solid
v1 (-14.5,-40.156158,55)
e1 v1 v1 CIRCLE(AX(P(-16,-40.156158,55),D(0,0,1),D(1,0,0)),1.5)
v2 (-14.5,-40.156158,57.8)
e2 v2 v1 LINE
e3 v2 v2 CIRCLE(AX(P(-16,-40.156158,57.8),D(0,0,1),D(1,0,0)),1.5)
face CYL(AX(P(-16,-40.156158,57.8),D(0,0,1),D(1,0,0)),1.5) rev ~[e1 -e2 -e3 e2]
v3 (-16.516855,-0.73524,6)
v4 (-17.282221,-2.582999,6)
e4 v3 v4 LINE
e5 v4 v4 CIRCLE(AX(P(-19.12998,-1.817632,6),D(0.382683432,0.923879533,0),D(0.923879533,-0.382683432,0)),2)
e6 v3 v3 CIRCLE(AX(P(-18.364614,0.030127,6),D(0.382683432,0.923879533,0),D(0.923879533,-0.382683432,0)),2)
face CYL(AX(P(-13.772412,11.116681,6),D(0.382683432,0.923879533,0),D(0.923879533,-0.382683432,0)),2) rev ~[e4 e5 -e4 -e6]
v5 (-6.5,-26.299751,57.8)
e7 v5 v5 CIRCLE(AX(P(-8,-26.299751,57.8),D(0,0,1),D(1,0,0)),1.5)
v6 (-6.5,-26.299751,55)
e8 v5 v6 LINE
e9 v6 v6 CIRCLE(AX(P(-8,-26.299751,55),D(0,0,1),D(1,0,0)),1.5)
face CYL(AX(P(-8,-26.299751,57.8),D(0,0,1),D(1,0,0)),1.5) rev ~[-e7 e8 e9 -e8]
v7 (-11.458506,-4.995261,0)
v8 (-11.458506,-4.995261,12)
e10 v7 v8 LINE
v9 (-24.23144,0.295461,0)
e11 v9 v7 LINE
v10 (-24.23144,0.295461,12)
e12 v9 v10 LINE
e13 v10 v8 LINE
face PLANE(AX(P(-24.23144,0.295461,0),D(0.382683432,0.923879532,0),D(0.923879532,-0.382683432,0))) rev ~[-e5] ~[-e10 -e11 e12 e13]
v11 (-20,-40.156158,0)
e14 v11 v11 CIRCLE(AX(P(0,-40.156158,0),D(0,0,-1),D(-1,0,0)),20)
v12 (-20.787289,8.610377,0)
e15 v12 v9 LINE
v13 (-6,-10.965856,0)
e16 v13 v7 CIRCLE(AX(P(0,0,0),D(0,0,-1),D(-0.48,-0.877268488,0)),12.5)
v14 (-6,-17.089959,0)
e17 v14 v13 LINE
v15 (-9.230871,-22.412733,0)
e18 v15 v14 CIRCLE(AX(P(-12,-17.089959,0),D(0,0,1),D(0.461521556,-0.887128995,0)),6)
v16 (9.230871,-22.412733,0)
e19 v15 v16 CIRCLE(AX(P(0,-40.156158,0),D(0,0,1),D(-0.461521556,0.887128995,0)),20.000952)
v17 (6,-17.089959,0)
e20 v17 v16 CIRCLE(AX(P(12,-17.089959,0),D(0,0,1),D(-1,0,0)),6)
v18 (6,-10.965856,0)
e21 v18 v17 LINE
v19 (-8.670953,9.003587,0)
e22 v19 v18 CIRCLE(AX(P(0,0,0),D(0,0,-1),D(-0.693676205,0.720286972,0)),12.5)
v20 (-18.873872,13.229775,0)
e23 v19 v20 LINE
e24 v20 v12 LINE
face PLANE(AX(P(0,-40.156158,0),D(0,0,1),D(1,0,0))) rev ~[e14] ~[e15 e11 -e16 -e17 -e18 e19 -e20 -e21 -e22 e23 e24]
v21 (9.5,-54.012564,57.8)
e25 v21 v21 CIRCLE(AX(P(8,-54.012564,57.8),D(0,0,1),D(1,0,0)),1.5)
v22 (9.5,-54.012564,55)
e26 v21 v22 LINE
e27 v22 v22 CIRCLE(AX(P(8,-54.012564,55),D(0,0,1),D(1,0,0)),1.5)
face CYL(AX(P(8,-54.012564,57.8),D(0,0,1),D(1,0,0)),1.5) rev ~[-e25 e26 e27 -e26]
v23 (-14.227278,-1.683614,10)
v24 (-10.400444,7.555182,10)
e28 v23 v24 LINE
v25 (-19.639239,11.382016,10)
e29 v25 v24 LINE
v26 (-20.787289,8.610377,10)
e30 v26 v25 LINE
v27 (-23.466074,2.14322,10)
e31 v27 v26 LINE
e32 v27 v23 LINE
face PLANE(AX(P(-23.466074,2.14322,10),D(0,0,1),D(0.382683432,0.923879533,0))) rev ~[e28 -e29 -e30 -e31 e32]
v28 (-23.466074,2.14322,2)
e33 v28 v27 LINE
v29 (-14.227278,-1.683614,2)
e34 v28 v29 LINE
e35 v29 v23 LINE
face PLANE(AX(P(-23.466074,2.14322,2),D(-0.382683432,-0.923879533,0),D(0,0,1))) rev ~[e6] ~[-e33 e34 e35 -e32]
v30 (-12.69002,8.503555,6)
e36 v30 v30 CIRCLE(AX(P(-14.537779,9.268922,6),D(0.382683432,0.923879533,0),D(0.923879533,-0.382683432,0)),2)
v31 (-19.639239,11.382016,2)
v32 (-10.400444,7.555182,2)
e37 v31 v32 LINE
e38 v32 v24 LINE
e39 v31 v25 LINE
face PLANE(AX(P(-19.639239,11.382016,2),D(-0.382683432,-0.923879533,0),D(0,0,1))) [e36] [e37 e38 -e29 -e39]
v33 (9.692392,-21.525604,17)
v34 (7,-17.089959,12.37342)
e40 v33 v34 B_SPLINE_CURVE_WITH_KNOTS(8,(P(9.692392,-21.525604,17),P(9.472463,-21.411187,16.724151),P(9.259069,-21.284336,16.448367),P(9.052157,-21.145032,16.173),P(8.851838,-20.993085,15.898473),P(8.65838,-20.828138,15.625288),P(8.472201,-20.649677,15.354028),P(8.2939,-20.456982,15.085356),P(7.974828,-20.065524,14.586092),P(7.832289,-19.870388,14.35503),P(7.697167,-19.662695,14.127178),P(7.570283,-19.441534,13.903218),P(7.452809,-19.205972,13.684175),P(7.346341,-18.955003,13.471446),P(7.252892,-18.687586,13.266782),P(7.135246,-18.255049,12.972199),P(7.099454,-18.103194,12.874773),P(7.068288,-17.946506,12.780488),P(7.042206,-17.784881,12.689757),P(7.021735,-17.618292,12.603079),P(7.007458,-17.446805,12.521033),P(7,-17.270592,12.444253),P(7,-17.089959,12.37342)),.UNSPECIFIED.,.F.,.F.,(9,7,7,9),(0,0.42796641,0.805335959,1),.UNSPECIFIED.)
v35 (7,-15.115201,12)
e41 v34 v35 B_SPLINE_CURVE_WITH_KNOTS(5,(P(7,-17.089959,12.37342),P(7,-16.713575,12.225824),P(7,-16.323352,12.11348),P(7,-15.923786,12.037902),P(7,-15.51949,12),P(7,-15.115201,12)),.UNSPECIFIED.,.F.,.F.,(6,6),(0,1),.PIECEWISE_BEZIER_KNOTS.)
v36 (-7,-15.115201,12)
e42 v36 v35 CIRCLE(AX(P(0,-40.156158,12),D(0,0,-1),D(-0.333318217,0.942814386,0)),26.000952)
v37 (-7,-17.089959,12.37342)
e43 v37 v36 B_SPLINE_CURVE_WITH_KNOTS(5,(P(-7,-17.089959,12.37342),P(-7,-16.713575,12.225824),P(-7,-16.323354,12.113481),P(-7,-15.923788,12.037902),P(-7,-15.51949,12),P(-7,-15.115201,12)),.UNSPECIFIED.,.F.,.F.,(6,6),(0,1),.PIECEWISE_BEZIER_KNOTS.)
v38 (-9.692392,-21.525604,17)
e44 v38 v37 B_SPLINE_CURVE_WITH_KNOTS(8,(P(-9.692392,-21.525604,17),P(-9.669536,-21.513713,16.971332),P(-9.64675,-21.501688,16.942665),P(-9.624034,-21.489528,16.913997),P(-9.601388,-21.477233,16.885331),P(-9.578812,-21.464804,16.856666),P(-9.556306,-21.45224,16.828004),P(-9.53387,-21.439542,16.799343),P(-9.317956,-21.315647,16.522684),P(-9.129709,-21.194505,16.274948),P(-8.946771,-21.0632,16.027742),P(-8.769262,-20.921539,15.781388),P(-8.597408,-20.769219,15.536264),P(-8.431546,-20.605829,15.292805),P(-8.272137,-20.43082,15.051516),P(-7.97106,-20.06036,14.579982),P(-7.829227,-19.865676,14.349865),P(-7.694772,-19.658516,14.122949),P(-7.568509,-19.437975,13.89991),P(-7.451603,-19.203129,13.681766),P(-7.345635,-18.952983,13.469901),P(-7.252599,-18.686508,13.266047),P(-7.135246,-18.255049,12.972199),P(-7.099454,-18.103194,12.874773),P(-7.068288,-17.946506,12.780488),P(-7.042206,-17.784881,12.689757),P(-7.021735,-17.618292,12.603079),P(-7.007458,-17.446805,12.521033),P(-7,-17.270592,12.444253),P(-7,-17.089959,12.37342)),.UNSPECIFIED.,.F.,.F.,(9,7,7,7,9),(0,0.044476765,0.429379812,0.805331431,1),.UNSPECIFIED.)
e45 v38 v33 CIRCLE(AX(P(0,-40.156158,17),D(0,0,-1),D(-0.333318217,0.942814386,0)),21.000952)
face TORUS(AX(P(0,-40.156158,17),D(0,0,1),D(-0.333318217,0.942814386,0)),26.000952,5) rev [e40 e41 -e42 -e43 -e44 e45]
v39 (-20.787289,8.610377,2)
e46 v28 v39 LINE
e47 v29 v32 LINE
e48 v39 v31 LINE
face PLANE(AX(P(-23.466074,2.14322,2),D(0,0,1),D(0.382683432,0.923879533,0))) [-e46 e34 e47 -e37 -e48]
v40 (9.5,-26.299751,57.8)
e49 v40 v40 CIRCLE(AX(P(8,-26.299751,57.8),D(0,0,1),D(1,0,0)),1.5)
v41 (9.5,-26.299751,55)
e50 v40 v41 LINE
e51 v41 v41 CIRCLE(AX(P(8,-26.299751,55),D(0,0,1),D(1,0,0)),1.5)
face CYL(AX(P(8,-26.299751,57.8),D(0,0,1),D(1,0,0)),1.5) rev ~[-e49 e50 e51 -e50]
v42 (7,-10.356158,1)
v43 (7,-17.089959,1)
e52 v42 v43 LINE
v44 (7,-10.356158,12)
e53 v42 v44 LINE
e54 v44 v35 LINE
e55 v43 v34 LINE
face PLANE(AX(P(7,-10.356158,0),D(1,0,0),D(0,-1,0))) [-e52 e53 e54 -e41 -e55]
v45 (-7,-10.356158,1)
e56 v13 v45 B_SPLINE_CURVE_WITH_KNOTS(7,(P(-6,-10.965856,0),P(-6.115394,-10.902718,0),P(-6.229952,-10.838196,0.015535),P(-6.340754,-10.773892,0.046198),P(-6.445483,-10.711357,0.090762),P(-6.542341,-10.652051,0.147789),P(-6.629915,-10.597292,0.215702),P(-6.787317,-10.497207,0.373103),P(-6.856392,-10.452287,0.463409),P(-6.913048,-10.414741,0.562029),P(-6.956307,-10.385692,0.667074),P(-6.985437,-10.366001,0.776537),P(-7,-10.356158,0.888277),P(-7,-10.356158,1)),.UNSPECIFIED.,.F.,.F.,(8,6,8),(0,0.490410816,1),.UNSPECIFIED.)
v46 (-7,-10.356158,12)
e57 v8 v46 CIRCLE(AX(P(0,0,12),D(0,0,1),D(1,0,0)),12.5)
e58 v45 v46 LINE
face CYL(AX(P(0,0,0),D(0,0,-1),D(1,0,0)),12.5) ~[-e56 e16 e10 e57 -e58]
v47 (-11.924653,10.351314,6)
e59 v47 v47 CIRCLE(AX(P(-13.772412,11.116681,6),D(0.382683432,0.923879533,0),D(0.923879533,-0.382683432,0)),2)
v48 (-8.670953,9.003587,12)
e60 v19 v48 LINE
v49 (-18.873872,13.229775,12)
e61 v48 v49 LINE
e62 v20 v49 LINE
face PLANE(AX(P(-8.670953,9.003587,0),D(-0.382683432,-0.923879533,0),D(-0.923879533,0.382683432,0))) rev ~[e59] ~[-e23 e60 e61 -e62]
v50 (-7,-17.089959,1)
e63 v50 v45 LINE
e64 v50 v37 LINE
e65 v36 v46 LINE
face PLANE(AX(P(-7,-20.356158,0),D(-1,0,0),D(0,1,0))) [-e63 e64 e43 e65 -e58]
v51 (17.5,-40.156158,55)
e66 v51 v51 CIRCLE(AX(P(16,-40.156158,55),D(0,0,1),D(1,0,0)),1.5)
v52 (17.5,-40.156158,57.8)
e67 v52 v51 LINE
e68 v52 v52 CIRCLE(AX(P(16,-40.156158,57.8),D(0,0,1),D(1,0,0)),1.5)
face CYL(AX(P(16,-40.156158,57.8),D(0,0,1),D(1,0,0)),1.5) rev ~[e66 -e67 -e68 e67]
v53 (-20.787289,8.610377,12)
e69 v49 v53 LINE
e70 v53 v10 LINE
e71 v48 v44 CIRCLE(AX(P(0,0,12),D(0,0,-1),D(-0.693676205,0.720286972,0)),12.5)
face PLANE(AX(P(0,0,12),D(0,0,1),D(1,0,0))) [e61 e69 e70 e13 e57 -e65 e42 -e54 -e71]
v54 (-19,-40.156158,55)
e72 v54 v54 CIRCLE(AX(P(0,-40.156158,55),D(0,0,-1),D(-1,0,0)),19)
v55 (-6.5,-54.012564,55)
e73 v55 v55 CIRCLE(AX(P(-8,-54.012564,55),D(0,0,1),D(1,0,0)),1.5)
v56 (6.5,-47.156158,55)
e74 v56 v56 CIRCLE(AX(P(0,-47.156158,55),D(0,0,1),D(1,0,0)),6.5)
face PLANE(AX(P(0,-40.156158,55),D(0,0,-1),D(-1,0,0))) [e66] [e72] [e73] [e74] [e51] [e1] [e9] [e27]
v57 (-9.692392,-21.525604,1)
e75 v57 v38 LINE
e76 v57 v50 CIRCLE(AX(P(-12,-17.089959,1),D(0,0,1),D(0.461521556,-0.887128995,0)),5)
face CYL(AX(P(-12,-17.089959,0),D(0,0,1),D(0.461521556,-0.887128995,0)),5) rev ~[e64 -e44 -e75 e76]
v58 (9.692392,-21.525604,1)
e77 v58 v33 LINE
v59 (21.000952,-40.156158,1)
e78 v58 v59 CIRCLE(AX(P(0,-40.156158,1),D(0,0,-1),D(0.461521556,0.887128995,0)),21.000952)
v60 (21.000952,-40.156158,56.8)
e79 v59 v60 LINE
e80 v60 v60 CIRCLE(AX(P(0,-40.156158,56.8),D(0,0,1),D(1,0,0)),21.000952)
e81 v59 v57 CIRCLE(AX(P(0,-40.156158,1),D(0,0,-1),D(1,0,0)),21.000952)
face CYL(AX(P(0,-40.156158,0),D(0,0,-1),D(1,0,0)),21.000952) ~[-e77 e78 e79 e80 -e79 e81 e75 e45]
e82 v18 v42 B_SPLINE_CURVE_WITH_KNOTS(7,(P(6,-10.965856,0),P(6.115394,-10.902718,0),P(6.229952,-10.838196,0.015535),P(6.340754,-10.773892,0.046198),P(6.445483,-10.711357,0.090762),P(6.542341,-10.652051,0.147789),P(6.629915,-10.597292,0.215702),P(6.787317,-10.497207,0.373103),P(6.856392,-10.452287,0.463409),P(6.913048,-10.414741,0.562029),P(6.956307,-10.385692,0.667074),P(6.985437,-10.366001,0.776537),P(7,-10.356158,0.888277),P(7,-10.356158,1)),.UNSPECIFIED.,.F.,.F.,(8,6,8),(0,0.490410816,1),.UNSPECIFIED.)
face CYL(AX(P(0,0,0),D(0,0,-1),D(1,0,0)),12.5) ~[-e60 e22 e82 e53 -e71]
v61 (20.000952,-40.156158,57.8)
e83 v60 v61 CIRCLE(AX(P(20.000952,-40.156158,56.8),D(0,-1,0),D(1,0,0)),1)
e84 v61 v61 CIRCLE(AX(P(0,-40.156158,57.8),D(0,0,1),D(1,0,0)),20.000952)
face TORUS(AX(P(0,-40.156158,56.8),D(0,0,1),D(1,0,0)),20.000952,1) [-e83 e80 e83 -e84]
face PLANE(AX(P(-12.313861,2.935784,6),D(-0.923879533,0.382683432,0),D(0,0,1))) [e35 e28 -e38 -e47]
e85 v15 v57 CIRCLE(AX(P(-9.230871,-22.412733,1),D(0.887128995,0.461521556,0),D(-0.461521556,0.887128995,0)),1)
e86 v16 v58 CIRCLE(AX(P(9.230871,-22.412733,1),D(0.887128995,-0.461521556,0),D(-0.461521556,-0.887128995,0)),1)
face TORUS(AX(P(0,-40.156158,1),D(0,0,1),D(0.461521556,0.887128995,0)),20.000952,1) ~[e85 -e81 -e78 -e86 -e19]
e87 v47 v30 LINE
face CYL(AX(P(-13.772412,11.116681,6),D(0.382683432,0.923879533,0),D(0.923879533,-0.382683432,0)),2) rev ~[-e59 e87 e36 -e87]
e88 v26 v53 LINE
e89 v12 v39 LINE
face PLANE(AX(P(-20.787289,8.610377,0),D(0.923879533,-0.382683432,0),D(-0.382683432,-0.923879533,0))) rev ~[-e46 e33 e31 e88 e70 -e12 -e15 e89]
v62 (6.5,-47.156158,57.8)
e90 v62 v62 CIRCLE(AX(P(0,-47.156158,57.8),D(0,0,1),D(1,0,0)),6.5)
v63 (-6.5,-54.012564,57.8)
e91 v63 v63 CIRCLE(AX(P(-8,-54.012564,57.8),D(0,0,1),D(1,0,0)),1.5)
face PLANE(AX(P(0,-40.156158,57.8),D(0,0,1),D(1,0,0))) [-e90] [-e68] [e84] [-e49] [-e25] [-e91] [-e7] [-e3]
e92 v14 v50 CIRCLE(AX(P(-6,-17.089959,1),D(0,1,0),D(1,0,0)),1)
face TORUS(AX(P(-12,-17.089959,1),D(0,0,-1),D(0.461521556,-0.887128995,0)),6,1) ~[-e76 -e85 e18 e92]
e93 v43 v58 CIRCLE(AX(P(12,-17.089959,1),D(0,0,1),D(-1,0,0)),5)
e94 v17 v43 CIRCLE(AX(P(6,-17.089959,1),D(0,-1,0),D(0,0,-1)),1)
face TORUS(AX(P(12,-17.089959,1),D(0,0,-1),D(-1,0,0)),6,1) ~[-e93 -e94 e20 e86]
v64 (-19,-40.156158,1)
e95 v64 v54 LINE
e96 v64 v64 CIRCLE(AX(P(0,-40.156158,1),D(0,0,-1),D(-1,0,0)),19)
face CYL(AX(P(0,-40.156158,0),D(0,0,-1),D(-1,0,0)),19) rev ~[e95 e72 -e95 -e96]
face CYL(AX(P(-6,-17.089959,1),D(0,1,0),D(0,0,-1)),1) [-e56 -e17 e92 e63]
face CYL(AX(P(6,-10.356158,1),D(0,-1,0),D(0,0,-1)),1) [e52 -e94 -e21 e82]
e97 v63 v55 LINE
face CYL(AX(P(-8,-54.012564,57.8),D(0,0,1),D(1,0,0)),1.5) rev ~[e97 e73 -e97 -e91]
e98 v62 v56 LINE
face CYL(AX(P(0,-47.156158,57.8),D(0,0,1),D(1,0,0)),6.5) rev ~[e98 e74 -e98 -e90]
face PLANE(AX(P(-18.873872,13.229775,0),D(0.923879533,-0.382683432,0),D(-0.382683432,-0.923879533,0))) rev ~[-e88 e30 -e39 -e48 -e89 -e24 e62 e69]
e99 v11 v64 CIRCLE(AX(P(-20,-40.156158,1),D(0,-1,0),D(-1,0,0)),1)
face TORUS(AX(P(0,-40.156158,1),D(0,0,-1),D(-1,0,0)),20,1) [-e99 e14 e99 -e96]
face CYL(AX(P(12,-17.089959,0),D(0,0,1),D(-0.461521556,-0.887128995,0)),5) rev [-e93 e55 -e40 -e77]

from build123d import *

# Parameters (mm, degrees)
SKETCH1_R           = 12.5
BOSS_EXTRUDE2_DEPTH = 12
BOSS_EXTRUDE3_DEPTH = 12
SKETCH5_R           = 21.000952359
BOSS_EXTRUDE4_DEPTH = 57.8
SKETCH6_R           = 19
CUT_EXTRUDE3_DEPTH  = 55
SKETCH7_R           = 6.5
SKETCH7_R_2         = 1.5
CUT_EXTRUDE4_DEPTH  = 58.8
FILLET1_R           = 5
FILLET2_R           = 1
SKETCH8_W           = 8
SKETCH8_H           = 10
CUT_EXTRUDE5_DEPTH  = 10
SKETCH9_R           = 2
CUT_EXTRUDE6_DEPTH  = 71.774772921


with BuildPart() as part:
    # Sketch1 → Boss-Extrude2 (new body)
    with BuildSketch(Plane.XY):
        Circle(SKETCH1_R)
    extrude(amount=BOSS_EXTRUDE2_DEPTH)

    # Sketch2 → Boss-Extrude3 (add)
    with BuildSketch(Plane.XY):
        with BuildLine():
            Line((7, -10.356157589), (7, -20.356157589))
            Line((7, -20.356157589), (-7, -20.356157589))
            Line((-7, -20.356157589), (-7, -10.356157589))
            ThreePointArc((-7, -10.356157589), (0, -12.5), (7, -10.356157589))
        make_face()
        with BuildLine():
            Line((-24.231440373, 0.295461436), (-11.458506302, -4.995261088))
            ThreePointArc((-11.458506302, -4.995261088), (-12.259311424, 2.441164357), (-8.670952565, 9.003587153))
            Line((-8.670952565, 9.003587153), (-18.87387232, 13.229774891))
            Line((-18.87387232, 13.229774891), (-20.787289482, 8.610377228))
            Line((-20.787289482, 8.610377228), (-24.231440373, 0.295461436))
        make_face()
    extrude(amount=BOSS_EXTRUDE3_DEPTH)

    # Sketch5 → Boss-Extrude4 (add)
    with BuildSketch(Plane.XY):
        with Locations((0, -40.156157589)):
            Circle(SKETCH5_R)
    extrude(amount=BOSS_EXTRUDE4_DEPTH)

    # Sketch6 → Cut-Extrude3 (cut)
    with BuildSketch(Plane(origin=(0, 0, 0), x_dir=(-1, 0, 0), z_dir=(0, 0, -1))):
        with Locations((0, -40.156157589)):
            Circle(SKETCH6_R)
    extrude(amount=-CUT_EXTRUDE3_DEPTH, mode=Mode.SUBTRACT)

    # Sketch7 → Cut-Extrude4 (cut, through all)
    with BuildSketch(Plane.XY.offset(57.8)):
        with Locations((0, -47.156157589)):
            Circle(SKETCH7_R)
        with Locations((-16, -40.156157589)):
            Circle(SKETCH7_R_2)
        with Locations((-8, -54.012564049)):
            Circle(SKETCH7_R_2)
        with Locations((8, -54.012564049)):
            Circle(SKETCH7_R_2)
        with Locations((16, -40.156157589)):
            Circle(SKETCH7_R_2)
        with Locations((8, -26.299751128)):
            Circle(SKETCH7_R_2)
        with Locations((-8, -26.299751128)):
            Circle(SKETCH7_R_2)
    extrude(amount=-CUT_EXTRUDE4_DEPTH, mode=Mode.SUBTRACT)

    # Fillet1
    fillet1_edges = [part.edges().sort_by_distance(p)[0] for p in [
        (0, -19.155205229, 12),
        (-7, -20.356157589, 6),
        (7, -20.356157589, 6),
    ]]
    fillet(fillet1_edges, radius=FILLET1_R)

    # Fillet2
    fillet2_edges = [part.edges().sort_by_distance(p)[0] for p in [
        (-21.000952359, -40.156157589, 57.8),
        (19, -40.156157589, 0),
        (-7, -13.723058226, 0),
        (7, -13.723058226, 0),
        (-10.897030164, -58.108726586, 0),
        (7.725772648, -19.684372198, 0),
        (-7.725772648, -19.684372198, 0),
    ]]
    fillet(fillet2_edges, radius=FILLET2_R)

    # Sketch8 → Cut-Extrude5 (cut)
    with BuildSketch(Plane(origin=(-20.787289482, 8.610377228, 0), x_dir=(0, 0, 1), z_dir=(-0.923879533, 0.382683432, 0))):
        with Locations((6, -2)):
            Rectangle(SKETCH8_W, SKETCH8_H)
    extrude(amount=-CUT_EXTRUDE5_DEPTH, mode=Mode.SUBTRACT)

    # Sketch9 → Cut-Extrude6 (cut, through all)
    with BuildSketch(Plane(origin=(1.913417162, 4.619397663, 0), x_dir=(0.923879533, -0.382683432, 0), z_dir=(0.382683432, 0.923879533, 0))):
        with Locations((-16.978219619, -6)):
            Circle(SKETCH9_R)
    extrude(amount=-CUT_EXTRUDE6_DEPTH, mode=Mode.SUBTRACT)


solid = part.part
